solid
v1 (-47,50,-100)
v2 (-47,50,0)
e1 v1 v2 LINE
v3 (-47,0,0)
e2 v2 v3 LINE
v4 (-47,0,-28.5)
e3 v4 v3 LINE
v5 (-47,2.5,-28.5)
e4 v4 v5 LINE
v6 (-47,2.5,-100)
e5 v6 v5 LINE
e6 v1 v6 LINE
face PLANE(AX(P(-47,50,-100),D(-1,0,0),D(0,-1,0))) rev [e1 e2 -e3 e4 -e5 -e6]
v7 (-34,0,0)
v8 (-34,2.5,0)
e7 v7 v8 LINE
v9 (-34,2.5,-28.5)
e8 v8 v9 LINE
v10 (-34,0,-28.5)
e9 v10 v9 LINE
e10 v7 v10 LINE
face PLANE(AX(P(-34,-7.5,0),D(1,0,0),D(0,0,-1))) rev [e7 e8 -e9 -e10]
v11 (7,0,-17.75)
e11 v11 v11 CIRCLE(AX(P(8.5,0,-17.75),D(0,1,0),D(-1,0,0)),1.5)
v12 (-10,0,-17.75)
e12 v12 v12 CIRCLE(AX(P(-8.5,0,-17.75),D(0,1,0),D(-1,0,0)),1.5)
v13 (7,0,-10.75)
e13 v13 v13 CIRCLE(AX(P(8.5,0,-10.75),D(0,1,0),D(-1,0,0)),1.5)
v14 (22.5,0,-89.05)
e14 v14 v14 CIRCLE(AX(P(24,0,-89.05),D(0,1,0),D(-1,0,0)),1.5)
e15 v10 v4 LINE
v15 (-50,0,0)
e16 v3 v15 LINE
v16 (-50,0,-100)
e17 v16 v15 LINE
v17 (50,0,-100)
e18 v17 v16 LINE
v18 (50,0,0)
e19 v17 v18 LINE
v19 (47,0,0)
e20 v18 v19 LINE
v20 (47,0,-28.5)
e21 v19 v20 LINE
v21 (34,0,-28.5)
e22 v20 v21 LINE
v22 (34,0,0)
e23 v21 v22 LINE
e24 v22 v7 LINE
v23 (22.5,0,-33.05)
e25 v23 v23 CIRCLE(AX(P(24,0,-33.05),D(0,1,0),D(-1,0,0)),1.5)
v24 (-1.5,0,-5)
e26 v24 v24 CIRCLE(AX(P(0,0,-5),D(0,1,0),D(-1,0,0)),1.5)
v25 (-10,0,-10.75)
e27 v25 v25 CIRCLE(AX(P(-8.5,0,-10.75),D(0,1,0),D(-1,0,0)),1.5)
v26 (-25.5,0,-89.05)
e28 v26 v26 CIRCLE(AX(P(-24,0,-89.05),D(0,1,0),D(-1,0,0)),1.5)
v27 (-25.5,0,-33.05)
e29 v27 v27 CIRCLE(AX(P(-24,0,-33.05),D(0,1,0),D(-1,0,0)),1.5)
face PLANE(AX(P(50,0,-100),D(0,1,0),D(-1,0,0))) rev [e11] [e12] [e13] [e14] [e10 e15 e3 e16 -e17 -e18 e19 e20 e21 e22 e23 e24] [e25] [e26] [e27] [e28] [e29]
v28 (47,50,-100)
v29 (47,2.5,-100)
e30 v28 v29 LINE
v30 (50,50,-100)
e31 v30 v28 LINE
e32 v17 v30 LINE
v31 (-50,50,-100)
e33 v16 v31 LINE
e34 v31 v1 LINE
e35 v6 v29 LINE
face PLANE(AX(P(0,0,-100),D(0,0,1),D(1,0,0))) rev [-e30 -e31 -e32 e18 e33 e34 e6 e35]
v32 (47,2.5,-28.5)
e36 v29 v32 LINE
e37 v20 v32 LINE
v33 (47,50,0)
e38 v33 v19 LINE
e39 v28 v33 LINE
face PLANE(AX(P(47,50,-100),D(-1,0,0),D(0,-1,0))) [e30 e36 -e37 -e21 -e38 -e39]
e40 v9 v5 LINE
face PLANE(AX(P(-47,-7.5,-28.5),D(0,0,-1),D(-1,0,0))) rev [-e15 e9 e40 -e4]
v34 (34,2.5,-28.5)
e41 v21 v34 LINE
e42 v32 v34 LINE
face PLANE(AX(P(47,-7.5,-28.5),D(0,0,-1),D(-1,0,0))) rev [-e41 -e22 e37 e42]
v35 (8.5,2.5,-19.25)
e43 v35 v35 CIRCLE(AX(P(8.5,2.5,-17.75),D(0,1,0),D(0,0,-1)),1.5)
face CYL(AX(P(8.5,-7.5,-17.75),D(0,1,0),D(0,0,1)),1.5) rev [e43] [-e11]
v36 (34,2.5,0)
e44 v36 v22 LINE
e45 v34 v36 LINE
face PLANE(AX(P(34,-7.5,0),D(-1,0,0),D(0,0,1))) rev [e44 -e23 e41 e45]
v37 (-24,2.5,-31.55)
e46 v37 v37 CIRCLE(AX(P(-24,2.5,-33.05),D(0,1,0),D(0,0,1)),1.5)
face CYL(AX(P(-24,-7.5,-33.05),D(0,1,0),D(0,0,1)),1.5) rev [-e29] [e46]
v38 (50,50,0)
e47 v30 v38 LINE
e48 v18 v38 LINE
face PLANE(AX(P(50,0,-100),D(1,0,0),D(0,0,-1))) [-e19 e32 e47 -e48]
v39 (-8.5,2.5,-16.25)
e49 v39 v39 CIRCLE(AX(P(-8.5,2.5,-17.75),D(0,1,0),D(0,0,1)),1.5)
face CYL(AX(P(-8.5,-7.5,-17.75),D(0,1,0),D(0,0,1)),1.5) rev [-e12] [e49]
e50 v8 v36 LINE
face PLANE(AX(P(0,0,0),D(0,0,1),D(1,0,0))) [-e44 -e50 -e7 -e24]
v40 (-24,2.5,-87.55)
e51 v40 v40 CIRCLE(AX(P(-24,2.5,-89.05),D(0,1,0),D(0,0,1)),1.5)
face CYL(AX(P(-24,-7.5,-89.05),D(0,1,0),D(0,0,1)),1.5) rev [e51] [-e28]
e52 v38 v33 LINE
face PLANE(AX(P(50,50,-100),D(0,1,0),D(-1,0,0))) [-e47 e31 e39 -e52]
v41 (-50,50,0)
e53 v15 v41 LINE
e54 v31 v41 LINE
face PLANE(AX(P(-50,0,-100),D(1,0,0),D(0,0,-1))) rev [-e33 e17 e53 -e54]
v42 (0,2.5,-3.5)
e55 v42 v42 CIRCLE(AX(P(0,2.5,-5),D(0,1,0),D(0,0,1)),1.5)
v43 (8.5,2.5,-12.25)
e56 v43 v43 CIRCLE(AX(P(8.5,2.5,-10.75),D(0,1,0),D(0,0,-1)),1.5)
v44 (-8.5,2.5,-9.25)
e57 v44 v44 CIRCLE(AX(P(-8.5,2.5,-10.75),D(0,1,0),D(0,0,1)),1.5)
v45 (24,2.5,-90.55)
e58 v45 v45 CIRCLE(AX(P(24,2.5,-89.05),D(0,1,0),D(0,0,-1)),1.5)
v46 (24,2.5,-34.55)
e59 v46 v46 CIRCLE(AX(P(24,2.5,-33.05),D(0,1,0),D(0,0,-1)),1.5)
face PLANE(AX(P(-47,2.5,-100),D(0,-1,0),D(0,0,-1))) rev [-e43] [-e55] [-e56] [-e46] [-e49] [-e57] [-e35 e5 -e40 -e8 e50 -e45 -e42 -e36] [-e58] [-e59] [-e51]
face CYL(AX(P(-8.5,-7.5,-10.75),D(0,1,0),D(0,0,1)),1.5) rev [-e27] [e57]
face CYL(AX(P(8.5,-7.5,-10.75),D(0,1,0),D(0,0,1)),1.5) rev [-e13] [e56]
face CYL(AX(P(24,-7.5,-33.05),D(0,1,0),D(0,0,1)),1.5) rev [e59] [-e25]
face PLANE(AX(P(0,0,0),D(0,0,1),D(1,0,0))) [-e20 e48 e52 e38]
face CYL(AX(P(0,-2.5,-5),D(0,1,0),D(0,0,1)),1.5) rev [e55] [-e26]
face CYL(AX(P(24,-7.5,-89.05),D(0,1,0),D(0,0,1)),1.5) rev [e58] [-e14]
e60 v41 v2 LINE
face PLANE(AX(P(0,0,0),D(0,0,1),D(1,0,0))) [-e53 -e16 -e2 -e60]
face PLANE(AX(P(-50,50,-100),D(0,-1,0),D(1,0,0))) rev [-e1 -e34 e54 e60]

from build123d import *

# Parameters (mm, degrees)
SALIENTE_EXTRUIR1_DEPTH = 100
CROQUIS2_W              = 13
CROQUIS2_H              = 28.5
CORTAR_EXTRUIR2_DEPTH   = 10
CROQUIS3_R              = 1.5
CORTAR_EXTRUIR3_DEPTH   = 5
CROQUIS4_R              = 1.5
CORTAR_EXTRUIR4_DEPTH   = 10
CROQUIS5_R              = 1.5
CORTAR_EXTRUIR6_DEPTH   = 10


with BuildPart() as part:
    # Croquis1 → Saliente-Extruir1 (new body)
    with BuildSketch(Plane.XY):
        Polygon((50, 0), (-50, 0), (-50, 50), (-47, 50), (-47, 2.5), (47, 2.5), (47, 50), (50, 50), align=None)
    extrude(amount=-SALIENTE_EXTRUIR1_DEPTH)

    # Croquis2 → Cortar-Extruir2 (cut)
    with BuildSketch(Plane(origin=(0, 2.5, 0), x_dir=(1, 0, 0), z_dir=(0, 1, 0))):
        with Locations((-40.5, 14.25)):
            Rectangle(CROQUIS2_W, CROQUIS2_H)
        with Locations((40.5, 14.25)):
            Rectangle(CROQUIS2_W, CROQUIS2_H)
    extrude(amount=-CORTAR_EXTRUIR2_DEPTH, mode=Mode.SUBTRACT)

    # Croquis3 → Cortar-Extruir3 (cut)
    with BuildSketch(Plane(origin=(0, 2.5, 0), x_dir=(1, 0, 0), z_dir=(0, 1, 0))):
        with Locations(Location((0, 5, 0), (0, 0, 270))):
            Circle(CROQUIS3_R)
    extrude(amount=-CORTAR_EXTRUIR3_DEPTH, mode=Mode.SUBTRACT)

    # Croquis4 → Cortar-Extruir4 (cut)
    with BuildSketch(Plane(origin=(0, 2.5, 0), x_dir=(1, 0, 0), z_dir=(0, 1, 0))):
        with Locations(Location((-8.5, 17.75, 0), (0, 0, 270))):
            Circle(CROQUIS4_R)
        with Locations(Location((-8.5, 10.75, 0), (0, 0, 270))):
            Circle(CROQUIS4_R)
        with Locations(Location((8.5, 10.75, 0), (0, 0, 180))):
            Circle(CROQUIS4_R)
        with Locations(Location((8.5, 17.75, 0), (0, 0, 180))):
            Circle(CROQUIS4_R)
    extrude(amount=-CORTAR_EXTRUIR4_DEPTH, mode=Mode.SUBTRACT)

    # Croquis5 → Cortar-Extruir6 (cut)
    with BuildSketch(Plane(origin=(0, 2.5, 0), x_dir=(1, 0, 0), z_dir=(0, 1, 0))):
        with Locations(Location((-24, 89.05, 0), (0, 0, 270))):
            Circle(CROQUIS5_R)
        with Locations(Location((-24, 33.05, 0), (0, 0, 270))):
            Circle(CROQUIS5_R)
        with Locations(Location((24, 33.05, 0), (0, 0, 180))):
            Circle(CROQUIS5_R)
        with Locations(Location((24, 89.05, 0), (0, 0, 180))):
            Circle(CROQUIS5_R)
    extrude(amount=-CORTAR_EXTRUIR6_DEPTH, mode=Mode.SUBTRACT)


solid = part.part
